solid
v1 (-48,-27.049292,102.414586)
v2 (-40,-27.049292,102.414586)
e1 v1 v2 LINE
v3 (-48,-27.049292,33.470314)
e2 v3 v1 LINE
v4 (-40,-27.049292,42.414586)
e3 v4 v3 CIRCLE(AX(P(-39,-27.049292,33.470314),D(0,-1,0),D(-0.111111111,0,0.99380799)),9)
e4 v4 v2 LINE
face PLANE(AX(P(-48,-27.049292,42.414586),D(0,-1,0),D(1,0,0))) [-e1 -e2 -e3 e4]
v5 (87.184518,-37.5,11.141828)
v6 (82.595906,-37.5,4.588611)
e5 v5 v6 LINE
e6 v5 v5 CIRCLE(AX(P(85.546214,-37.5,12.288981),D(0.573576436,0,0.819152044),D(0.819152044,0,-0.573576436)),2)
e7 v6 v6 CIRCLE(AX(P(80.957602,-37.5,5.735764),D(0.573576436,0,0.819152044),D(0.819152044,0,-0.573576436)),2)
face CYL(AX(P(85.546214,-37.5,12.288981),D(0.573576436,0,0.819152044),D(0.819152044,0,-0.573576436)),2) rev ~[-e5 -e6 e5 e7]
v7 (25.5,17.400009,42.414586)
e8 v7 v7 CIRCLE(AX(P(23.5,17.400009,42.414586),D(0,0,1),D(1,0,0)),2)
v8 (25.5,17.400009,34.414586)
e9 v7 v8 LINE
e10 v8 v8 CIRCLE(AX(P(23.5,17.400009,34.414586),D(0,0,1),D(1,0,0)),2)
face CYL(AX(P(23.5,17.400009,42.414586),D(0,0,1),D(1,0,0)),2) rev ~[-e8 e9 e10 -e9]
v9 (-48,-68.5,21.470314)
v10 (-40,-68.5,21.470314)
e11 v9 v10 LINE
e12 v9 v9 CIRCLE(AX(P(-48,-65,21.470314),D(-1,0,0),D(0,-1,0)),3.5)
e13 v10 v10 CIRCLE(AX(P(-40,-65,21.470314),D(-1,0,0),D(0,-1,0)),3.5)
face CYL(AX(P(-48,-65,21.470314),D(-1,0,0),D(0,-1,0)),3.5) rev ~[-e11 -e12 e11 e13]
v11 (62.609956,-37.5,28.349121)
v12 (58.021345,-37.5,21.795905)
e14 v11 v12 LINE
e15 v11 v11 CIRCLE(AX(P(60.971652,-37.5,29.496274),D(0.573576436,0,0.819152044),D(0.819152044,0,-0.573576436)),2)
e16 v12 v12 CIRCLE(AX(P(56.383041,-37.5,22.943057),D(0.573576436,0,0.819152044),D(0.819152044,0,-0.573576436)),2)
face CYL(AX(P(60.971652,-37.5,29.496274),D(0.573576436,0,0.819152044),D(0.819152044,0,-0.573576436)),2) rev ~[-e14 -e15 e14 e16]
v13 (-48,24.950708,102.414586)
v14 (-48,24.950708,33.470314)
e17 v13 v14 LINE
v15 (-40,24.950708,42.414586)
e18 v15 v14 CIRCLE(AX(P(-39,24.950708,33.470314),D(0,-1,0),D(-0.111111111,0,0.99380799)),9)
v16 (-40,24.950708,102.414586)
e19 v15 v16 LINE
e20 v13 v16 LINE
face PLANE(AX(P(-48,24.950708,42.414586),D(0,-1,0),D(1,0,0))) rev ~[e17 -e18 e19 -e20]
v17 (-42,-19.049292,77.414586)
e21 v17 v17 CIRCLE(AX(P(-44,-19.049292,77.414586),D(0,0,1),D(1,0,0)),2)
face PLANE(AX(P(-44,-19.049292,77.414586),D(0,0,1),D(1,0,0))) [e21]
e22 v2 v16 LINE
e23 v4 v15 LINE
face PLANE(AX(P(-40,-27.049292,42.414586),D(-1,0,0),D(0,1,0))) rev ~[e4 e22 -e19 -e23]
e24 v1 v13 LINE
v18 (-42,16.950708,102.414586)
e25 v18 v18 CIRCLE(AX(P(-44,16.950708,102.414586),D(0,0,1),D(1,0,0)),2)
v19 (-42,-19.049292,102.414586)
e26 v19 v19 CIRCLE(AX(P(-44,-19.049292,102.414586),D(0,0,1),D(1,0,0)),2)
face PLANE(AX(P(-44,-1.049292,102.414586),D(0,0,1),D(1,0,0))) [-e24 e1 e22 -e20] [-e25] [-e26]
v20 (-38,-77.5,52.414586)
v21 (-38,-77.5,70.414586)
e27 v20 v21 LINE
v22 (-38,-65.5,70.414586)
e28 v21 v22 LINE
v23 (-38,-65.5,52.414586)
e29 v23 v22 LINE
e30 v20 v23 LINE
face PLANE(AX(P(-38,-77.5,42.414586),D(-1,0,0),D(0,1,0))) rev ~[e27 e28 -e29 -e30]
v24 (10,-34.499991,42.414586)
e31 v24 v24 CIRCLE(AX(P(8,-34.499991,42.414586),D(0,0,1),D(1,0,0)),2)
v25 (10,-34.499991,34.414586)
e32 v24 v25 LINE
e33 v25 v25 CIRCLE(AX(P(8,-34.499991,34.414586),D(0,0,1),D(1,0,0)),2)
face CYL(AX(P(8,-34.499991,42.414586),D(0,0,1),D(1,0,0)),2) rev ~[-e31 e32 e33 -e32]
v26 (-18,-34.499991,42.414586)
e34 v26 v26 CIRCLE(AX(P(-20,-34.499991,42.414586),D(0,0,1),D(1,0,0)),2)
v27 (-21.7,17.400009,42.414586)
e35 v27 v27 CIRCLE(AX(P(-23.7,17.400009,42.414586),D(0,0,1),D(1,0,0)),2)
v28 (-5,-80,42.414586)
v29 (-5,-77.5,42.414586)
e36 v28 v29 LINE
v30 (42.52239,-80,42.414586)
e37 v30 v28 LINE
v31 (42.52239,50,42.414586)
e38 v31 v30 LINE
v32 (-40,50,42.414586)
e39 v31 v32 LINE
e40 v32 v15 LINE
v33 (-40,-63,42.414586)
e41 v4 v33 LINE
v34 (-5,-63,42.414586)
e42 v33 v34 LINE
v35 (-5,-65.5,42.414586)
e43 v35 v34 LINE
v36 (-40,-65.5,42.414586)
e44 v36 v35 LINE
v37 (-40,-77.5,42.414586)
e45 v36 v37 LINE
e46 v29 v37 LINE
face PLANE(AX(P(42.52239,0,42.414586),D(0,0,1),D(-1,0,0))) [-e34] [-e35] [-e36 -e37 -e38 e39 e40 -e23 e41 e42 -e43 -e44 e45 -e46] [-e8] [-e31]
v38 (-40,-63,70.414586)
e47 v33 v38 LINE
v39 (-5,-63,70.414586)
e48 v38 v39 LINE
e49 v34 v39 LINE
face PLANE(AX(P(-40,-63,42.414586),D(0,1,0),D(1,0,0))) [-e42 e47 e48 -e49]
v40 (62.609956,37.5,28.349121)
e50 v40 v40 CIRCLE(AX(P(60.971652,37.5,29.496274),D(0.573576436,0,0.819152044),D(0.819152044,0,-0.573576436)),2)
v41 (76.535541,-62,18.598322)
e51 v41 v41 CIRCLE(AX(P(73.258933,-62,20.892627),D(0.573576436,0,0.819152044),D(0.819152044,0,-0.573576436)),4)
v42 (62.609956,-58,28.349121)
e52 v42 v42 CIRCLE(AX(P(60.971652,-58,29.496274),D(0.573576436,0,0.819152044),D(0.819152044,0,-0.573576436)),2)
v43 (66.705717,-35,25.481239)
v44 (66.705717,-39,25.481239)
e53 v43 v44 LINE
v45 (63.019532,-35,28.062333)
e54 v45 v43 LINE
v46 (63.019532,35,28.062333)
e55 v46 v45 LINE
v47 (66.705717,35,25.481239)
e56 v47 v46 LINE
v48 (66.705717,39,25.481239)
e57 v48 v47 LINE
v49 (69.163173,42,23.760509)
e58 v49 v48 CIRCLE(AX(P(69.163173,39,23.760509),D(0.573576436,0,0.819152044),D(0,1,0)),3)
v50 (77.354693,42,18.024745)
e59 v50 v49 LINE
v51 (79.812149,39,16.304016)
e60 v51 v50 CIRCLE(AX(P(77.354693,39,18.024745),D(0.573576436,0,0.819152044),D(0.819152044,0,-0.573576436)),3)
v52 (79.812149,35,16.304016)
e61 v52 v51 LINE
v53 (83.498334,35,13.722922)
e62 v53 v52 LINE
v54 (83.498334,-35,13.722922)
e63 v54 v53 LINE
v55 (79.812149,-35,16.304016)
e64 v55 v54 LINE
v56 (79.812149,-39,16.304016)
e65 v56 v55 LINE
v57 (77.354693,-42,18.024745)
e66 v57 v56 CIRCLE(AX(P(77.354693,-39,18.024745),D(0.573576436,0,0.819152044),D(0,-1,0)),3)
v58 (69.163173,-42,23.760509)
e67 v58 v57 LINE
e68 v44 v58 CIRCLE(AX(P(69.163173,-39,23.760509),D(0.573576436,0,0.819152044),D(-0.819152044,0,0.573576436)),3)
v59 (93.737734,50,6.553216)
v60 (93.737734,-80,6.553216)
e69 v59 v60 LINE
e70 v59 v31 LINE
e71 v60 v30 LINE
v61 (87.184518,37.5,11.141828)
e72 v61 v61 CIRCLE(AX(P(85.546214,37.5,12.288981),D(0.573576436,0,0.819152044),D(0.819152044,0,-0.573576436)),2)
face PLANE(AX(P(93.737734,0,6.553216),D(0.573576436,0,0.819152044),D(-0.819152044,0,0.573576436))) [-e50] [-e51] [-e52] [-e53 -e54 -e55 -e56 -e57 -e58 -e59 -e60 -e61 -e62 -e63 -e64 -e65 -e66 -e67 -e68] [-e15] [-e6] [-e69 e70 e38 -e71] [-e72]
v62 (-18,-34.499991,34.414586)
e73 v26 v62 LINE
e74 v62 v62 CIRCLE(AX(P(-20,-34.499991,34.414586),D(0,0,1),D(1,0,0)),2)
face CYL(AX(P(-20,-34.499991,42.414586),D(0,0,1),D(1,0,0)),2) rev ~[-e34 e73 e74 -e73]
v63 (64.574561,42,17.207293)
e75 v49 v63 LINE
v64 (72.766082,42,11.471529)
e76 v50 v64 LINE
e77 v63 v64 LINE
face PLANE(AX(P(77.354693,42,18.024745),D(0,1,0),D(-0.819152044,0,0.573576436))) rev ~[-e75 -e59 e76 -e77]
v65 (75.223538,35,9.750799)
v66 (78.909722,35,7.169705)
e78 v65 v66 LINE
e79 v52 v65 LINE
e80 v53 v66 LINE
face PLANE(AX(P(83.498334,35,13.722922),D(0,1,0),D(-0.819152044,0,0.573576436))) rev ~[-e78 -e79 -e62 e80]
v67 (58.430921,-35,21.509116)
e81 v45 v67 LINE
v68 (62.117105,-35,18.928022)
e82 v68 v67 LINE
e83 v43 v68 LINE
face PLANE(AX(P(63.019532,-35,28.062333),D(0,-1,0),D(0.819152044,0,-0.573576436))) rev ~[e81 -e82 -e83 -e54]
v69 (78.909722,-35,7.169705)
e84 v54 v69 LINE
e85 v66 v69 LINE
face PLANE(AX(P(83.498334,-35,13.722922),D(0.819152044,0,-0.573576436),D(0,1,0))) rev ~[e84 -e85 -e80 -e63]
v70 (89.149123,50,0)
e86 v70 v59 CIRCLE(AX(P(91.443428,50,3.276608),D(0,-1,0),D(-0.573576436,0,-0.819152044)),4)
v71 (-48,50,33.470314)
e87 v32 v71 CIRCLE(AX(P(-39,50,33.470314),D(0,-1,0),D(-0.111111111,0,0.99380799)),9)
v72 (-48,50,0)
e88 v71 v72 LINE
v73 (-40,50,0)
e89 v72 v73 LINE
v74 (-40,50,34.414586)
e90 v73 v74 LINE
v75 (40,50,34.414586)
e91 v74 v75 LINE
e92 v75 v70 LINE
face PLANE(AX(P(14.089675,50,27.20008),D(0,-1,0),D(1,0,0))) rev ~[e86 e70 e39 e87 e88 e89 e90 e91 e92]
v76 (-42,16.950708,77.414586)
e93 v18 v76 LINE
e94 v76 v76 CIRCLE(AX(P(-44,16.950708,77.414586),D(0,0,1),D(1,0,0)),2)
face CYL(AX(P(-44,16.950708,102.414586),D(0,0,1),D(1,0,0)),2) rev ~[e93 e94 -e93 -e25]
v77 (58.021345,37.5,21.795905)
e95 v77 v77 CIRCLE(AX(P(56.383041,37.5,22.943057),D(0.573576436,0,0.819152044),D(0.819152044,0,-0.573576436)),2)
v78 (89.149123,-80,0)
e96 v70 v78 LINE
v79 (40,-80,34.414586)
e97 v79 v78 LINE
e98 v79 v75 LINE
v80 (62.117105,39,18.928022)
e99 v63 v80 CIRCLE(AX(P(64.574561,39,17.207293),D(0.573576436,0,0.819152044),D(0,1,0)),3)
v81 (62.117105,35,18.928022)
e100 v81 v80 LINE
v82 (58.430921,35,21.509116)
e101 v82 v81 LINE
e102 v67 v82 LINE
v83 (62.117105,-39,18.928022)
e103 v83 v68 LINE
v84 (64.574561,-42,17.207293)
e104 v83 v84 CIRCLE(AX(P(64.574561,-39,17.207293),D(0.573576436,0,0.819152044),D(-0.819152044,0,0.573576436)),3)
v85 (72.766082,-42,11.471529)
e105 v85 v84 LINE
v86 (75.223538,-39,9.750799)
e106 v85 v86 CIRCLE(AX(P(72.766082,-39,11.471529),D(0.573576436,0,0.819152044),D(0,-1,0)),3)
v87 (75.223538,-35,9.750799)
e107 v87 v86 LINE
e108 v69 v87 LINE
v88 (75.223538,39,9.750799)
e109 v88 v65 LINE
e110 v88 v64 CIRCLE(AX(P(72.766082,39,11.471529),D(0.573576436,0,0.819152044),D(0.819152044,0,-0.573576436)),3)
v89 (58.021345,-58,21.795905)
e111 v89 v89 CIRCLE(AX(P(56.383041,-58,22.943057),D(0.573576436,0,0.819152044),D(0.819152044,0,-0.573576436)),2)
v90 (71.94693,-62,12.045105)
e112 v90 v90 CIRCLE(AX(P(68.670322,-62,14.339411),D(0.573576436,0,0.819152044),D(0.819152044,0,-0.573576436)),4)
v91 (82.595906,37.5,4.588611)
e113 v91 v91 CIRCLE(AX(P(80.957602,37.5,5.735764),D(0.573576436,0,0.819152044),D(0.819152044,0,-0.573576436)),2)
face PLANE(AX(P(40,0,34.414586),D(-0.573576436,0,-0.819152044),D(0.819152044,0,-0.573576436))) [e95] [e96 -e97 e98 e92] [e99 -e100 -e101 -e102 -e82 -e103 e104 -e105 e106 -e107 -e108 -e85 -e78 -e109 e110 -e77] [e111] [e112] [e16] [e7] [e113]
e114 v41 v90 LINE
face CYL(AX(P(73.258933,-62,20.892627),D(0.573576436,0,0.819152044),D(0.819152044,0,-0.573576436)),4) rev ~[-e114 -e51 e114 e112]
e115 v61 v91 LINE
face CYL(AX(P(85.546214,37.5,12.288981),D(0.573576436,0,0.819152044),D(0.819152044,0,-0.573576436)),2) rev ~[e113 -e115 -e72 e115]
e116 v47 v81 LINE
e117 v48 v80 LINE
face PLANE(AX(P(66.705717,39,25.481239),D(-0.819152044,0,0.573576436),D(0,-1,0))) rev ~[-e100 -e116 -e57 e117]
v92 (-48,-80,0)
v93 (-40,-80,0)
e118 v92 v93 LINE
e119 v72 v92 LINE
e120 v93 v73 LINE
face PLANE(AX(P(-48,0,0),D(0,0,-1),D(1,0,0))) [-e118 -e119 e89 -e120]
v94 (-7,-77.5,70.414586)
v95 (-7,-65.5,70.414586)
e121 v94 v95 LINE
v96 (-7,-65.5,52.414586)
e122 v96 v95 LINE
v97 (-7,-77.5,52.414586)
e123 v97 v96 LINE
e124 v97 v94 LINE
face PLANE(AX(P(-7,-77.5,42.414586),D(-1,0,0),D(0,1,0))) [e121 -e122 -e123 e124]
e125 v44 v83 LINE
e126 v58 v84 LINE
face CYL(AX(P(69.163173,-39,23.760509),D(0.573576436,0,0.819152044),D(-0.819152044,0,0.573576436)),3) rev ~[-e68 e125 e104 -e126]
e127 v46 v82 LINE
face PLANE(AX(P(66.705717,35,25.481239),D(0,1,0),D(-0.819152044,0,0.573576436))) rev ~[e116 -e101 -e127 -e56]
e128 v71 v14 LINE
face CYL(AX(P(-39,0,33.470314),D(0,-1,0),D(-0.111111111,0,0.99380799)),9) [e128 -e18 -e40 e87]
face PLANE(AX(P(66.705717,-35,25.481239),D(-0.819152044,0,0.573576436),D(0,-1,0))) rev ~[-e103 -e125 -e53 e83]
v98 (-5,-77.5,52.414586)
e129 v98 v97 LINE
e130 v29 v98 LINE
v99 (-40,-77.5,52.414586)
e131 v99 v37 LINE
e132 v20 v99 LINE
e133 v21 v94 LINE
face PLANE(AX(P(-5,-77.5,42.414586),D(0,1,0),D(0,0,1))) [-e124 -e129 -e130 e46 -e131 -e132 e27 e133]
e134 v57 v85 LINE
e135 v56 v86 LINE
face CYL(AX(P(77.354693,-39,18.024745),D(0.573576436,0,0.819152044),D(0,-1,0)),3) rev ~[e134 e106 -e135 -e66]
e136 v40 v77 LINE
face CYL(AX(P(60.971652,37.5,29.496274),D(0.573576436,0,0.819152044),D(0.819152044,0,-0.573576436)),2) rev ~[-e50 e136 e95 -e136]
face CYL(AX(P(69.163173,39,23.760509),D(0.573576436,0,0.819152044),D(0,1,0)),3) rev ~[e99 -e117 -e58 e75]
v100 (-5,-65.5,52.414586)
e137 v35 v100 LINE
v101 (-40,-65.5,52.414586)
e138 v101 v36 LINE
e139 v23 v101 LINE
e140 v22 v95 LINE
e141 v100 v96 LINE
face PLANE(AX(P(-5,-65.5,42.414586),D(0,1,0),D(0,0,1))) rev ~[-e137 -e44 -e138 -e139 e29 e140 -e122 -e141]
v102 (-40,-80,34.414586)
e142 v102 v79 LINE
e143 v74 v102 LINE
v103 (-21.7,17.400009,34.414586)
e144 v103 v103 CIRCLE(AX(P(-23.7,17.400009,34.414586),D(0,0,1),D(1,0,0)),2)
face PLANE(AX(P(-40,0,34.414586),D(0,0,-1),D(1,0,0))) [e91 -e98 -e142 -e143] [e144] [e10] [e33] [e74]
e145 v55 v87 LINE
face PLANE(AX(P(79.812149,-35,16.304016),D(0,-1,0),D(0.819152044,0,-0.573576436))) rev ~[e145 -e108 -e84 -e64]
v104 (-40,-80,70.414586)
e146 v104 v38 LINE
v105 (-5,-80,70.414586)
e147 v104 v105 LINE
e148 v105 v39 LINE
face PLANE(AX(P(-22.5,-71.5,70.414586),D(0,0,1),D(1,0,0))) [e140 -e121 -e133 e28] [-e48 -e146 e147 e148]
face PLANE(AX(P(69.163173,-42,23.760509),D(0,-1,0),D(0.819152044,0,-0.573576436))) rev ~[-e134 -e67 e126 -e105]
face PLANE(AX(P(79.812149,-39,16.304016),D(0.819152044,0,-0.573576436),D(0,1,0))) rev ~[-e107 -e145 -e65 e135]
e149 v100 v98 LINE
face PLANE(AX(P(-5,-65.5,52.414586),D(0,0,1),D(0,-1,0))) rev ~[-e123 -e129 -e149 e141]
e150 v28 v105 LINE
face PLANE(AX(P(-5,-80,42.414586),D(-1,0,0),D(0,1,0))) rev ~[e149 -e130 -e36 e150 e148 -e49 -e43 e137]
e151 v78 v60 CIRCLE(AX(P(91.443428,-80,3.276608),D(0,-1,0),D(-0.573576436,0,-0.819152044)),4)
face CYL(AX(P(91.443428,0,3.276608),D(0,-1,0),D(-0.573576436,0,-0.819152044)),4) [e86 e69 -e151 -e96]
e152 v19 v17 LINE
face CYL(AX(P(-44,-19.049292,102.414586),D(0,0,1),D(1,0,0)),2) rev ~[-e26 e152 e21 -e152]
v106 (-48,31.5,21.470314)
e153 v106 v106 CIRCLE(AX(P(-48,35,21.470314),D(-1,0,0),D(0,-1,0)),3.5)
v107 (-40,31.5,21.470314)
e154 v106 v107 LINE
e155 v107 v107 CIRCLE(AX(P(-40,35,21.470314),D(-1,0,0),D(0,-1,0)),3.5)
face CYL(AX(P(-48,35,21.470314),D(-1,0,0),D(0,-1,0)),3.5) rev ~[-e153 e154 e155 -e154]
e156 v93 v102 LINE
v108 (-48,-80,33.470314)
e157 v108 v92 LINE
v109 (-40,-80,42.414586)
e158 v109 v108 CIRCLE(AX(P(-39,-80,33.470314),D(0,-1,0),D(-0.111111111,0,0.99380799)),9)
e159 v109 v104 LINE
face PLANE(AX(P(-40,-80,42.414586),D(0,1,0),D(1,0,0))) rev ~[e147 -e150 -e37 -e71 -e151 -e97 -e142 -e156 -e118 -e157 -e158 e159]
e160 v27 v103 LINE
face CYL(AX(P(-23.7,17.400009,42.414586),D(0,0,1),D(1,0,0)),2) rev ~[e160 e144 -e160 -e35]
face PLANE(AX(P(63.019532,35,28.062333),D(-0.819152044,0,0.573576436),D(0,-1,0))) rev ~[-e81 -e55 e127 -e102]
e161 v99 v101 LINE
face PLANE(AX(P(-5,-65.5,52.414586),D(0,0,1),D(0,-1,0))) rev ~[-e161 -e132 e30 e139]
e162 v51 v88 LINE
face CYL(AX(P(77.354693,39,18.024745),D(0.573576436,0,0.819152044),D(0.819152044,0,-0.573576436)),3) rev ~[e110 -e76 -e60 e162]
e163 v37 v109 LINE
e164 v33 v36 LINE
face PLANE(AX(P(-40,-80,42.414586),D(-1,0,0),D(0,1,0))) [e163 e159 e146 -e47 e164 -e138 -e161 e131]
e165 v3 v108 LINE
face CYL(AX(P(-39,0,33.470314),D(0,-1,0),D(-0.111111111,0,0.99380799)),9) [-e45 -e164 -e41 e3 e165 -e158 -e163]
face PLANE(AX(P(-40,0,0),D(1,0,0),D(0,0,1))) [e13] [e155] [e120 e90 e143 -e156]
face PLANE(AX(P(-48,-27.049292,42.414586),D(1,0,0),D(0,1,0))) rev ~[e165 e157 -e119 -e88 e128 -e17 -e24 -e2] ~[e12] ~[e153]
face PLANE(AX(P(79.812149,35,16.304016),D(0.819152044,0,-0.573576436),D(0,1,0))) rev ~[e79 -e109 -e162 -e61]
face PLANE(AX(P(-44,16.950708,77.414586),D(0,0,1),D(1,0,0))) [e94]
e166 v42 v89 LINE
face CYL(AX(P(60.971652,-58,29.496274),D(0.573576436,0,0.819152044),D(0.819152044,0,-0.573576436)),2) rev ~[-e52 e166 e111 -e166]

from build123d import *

# Parameters (mm, degrees)
F1_DEPTH       = 80
F1_DEPTH_BACK  = 50
F2_R           = 2
F3_DEPTH       = 25
F4_R           = 2
F5_DEPTH       = 25
F6_W           = 35
F6_H           = 17
F6_W_2         = 31
F6_H_2         = 12
F7_DEPTH       = 28
F8_W           = 6
F8_H           = 10
F9_DEPTH       = 43.001
F10_R          = 4
F10_R_2        = 2
F11_DEPTH      = 25
F12_R          = 3.5
F13_DEPTH      = 8
F14_W          = 8
F14_H          = 52
F15_DEPTH      = 60
F15_DEPTH_BACK = 25
F16_R          = 2
F17_DEPTH      = 25


with BuildPart() as f1:
    # F0 (on Front) → F1 (new body, two sides)
    with BuildSketch(Plane.XZ) as f1_sk:
        with BuildLine():
            Line((40, 34.4145861811), (89.1491226573, 0))
            ThreePointArc((89.1491226573, 0), (94.7200365799, 0.9823024318), (93.7377341481, 6.5532163543))
            Line((93.7377341481, 6.5532163543), (42.522390311, 42.4145861811))
            Line((42.522390311, 42.4145861811), (-40, 42.4145861811))
            ThreePointArc((-40, 42.4145861811), (-45.7082039325, 39.4703142711), (-48, 33.4703142711))
            Line((-48, 33.4703142711), (-48, 0))
            Line((-48, 0), (-40, 0))
            Line((-40, 0), (-40, 34.4145861811))
            Line((-40, 34.4145861811), (40, 34.4145861811))
        make_face()
    extrude(amount=F1_DEPTH)
    extrude(f1_sk.sketch, amount=-F1_DEPTH_BACK)

    # F2 (on face) → F3 (cut)
    with BuildSketch(Plane(origin=(33.9177749652, 0, 48.4396027096), x_dir=(0.8191520443, 0, -0.5735764364), z_dir=(0.5735764364, 0, 0.8191520443))):
        with BuildLine():
            Line((35.5266860713, 35), (35.5266860713, -35))
            Line((35.5266860713, -35), (40.0266860713, -35))
            Line((40.0266860713, -35), (40.0266860713, -39))
            ThreePointArc((40.0266860713, -39), (40.9053657278, -41.1213203436), (43.0266860713, -42))
            Line((43.0266860713, -42), (53.0266860713, -42))
            ThreePointArc((53.0266860713, -42), (55.1480064149, -41.1213203436), (56.0266860713, -39))
            Line((56.0266860713, -39), (56.0266860713, -35))
            Line((56.0266860713, -35), (60.5266860713, -35))
            Line((60.5266860713, -35), (60.5266860713, 35))
            Line((60.5266860713, 35), (56.0266860713, 35))
            Line((56.0266860713, 35), (40.0266860713, 35))
            Line((40.0266860713, 35), (35.5266860713, 35))
        make_face()
        with BuildLine():
            Line((40.0266860713, 35.0351855159), (40.0266860713, 35))
            Line((40.0266860713, 35), (56.0266860713, 35))
            Line((56.0266860713, 35), (56.0266860713, 39))
            ThreePointArc((56.0266860713, 39), (55.1480064149, 41.1213203436), (53.0266860713, 42))
            Line((53.0266860713, 42), (43.0266860713, 42))
            ThreePointArc((43.0266860713, 42), (40.9053657278, 41.1213203436), (40.0266860713, 39))
            Line((40.0266860713, 39), (40.0266860713, 35.0351855159))
        make_face()
        with Locations((33.0266860713, -37.5)):
            Circle(F2_R)
        with Locations((33.0266860713, 37.5)):
            Circle(F2_R)
        with Locations((63.0266860713, 37.5)):
            Circle(F2_R)
        with Locations((63.0266860713, -37.5)):
            Circle(F2_R)
    extrude(amount=-F3_DEPTH, mode=Mode.SUBTRACT)

    # F4 (on face) → F5 (cut)
    with BuildSketch(Plane.XY.offset(42.4145861811)):
        with Locations((8, -34.4999909401)):
            Circle(F4_R)
        with Locations((-20, -34.4999909401)):
            Circle(F4_R)
        with Locations((23.5, 17.4000090599)):
            Circle(F4_R)
        with Locations((-23.7, 17.4000090599)):
            Circle(F4_R)
    extrude(amount=-F5_DEPTH, mode=Mode.SUBTRACT)

    # F6 (on face) → F7 (join)
    with BuildSketch(Plane.XY.offset(42.4145861811)):
        with Locations((-22.5, -71.5)):
            Rectangle(F6_W, F6_H)
        with Locations((-22.5, -71.5)):
            Rectangle(F6_W_2, F6_H_2, mode=Mode.SUBTRACT)
    extrude(amount=F7_DEPTH)

    # F8 (on face) → F9 (cut, through all)
    with BuildSketch(Plane.YZ.offset(-5)):
        with Locations((-74.5, 47.4145861811)):
            Rectangle(F8_W, F8_H)
        with Locations((-68.5, 47.4145861811)):
            Rectangle(F8_W, F8_H)
    extrude(amount=-F9_DEPTH, mode=Mode.SUBTRACT)

    # F10 (on face) → F11 (cut)
    with BuildSketch(Plane(origin=(33.9177749652, 0, 48.4396027096), x_dir=(0.8191520443, 0, -0.5735764364), z_dir=(0.5735764364, 0, 0.8191520443))):
        with Locations((48.0266860713, -62)):
            Circle(F10_R)
        with Locations((33.0266860713, -58)):
            Circle(F10_R_2)
    extrude(amount=-F11_DEPTH, mode=Mode.SUBTRACT)

    # F12 (on face) → F13 (cut, through all)
    with BuildSketch(Plane(origin=(-48, 0, 0), x_dir=(0, -1, 0), z_dir=(-1, 0, 0))):
        with Locations((-35, 21.4703142711)):
            Circle(F12_R)
        with Locations((65, 21.4703142711)):
            Circle(F12_R)
    extrude(amount=-F13_DEPTH, mode=Mode.SUBTRACT)

    # F14 (on face) → F15 (join, two sides)
    with BuildSketch(Plane.XY.offset(42.4145861811)) as f15_sk:
        with Locations((-44, -1.0492918789)):
            Rectangle(F14_W, F14_H)
    extrude(amount=F15_DEPTH)
    extrude(f15_sk.sketch, amount=-F15_DEPTH_BACK)

    # F16 (on face) → F17 (cut)
    with BuildSketch(Plane.XY.offset(102.4145861811)):
        with Locations((-44, -19.0492918789)):
            Circle(F16_R)
        with Locations((-44, 16.9507081211)):
            Circle(F16_R)
    extrude(amount=-F17_DEPTH, mode=Mode.SUBTRACT)


solid = f1.part
